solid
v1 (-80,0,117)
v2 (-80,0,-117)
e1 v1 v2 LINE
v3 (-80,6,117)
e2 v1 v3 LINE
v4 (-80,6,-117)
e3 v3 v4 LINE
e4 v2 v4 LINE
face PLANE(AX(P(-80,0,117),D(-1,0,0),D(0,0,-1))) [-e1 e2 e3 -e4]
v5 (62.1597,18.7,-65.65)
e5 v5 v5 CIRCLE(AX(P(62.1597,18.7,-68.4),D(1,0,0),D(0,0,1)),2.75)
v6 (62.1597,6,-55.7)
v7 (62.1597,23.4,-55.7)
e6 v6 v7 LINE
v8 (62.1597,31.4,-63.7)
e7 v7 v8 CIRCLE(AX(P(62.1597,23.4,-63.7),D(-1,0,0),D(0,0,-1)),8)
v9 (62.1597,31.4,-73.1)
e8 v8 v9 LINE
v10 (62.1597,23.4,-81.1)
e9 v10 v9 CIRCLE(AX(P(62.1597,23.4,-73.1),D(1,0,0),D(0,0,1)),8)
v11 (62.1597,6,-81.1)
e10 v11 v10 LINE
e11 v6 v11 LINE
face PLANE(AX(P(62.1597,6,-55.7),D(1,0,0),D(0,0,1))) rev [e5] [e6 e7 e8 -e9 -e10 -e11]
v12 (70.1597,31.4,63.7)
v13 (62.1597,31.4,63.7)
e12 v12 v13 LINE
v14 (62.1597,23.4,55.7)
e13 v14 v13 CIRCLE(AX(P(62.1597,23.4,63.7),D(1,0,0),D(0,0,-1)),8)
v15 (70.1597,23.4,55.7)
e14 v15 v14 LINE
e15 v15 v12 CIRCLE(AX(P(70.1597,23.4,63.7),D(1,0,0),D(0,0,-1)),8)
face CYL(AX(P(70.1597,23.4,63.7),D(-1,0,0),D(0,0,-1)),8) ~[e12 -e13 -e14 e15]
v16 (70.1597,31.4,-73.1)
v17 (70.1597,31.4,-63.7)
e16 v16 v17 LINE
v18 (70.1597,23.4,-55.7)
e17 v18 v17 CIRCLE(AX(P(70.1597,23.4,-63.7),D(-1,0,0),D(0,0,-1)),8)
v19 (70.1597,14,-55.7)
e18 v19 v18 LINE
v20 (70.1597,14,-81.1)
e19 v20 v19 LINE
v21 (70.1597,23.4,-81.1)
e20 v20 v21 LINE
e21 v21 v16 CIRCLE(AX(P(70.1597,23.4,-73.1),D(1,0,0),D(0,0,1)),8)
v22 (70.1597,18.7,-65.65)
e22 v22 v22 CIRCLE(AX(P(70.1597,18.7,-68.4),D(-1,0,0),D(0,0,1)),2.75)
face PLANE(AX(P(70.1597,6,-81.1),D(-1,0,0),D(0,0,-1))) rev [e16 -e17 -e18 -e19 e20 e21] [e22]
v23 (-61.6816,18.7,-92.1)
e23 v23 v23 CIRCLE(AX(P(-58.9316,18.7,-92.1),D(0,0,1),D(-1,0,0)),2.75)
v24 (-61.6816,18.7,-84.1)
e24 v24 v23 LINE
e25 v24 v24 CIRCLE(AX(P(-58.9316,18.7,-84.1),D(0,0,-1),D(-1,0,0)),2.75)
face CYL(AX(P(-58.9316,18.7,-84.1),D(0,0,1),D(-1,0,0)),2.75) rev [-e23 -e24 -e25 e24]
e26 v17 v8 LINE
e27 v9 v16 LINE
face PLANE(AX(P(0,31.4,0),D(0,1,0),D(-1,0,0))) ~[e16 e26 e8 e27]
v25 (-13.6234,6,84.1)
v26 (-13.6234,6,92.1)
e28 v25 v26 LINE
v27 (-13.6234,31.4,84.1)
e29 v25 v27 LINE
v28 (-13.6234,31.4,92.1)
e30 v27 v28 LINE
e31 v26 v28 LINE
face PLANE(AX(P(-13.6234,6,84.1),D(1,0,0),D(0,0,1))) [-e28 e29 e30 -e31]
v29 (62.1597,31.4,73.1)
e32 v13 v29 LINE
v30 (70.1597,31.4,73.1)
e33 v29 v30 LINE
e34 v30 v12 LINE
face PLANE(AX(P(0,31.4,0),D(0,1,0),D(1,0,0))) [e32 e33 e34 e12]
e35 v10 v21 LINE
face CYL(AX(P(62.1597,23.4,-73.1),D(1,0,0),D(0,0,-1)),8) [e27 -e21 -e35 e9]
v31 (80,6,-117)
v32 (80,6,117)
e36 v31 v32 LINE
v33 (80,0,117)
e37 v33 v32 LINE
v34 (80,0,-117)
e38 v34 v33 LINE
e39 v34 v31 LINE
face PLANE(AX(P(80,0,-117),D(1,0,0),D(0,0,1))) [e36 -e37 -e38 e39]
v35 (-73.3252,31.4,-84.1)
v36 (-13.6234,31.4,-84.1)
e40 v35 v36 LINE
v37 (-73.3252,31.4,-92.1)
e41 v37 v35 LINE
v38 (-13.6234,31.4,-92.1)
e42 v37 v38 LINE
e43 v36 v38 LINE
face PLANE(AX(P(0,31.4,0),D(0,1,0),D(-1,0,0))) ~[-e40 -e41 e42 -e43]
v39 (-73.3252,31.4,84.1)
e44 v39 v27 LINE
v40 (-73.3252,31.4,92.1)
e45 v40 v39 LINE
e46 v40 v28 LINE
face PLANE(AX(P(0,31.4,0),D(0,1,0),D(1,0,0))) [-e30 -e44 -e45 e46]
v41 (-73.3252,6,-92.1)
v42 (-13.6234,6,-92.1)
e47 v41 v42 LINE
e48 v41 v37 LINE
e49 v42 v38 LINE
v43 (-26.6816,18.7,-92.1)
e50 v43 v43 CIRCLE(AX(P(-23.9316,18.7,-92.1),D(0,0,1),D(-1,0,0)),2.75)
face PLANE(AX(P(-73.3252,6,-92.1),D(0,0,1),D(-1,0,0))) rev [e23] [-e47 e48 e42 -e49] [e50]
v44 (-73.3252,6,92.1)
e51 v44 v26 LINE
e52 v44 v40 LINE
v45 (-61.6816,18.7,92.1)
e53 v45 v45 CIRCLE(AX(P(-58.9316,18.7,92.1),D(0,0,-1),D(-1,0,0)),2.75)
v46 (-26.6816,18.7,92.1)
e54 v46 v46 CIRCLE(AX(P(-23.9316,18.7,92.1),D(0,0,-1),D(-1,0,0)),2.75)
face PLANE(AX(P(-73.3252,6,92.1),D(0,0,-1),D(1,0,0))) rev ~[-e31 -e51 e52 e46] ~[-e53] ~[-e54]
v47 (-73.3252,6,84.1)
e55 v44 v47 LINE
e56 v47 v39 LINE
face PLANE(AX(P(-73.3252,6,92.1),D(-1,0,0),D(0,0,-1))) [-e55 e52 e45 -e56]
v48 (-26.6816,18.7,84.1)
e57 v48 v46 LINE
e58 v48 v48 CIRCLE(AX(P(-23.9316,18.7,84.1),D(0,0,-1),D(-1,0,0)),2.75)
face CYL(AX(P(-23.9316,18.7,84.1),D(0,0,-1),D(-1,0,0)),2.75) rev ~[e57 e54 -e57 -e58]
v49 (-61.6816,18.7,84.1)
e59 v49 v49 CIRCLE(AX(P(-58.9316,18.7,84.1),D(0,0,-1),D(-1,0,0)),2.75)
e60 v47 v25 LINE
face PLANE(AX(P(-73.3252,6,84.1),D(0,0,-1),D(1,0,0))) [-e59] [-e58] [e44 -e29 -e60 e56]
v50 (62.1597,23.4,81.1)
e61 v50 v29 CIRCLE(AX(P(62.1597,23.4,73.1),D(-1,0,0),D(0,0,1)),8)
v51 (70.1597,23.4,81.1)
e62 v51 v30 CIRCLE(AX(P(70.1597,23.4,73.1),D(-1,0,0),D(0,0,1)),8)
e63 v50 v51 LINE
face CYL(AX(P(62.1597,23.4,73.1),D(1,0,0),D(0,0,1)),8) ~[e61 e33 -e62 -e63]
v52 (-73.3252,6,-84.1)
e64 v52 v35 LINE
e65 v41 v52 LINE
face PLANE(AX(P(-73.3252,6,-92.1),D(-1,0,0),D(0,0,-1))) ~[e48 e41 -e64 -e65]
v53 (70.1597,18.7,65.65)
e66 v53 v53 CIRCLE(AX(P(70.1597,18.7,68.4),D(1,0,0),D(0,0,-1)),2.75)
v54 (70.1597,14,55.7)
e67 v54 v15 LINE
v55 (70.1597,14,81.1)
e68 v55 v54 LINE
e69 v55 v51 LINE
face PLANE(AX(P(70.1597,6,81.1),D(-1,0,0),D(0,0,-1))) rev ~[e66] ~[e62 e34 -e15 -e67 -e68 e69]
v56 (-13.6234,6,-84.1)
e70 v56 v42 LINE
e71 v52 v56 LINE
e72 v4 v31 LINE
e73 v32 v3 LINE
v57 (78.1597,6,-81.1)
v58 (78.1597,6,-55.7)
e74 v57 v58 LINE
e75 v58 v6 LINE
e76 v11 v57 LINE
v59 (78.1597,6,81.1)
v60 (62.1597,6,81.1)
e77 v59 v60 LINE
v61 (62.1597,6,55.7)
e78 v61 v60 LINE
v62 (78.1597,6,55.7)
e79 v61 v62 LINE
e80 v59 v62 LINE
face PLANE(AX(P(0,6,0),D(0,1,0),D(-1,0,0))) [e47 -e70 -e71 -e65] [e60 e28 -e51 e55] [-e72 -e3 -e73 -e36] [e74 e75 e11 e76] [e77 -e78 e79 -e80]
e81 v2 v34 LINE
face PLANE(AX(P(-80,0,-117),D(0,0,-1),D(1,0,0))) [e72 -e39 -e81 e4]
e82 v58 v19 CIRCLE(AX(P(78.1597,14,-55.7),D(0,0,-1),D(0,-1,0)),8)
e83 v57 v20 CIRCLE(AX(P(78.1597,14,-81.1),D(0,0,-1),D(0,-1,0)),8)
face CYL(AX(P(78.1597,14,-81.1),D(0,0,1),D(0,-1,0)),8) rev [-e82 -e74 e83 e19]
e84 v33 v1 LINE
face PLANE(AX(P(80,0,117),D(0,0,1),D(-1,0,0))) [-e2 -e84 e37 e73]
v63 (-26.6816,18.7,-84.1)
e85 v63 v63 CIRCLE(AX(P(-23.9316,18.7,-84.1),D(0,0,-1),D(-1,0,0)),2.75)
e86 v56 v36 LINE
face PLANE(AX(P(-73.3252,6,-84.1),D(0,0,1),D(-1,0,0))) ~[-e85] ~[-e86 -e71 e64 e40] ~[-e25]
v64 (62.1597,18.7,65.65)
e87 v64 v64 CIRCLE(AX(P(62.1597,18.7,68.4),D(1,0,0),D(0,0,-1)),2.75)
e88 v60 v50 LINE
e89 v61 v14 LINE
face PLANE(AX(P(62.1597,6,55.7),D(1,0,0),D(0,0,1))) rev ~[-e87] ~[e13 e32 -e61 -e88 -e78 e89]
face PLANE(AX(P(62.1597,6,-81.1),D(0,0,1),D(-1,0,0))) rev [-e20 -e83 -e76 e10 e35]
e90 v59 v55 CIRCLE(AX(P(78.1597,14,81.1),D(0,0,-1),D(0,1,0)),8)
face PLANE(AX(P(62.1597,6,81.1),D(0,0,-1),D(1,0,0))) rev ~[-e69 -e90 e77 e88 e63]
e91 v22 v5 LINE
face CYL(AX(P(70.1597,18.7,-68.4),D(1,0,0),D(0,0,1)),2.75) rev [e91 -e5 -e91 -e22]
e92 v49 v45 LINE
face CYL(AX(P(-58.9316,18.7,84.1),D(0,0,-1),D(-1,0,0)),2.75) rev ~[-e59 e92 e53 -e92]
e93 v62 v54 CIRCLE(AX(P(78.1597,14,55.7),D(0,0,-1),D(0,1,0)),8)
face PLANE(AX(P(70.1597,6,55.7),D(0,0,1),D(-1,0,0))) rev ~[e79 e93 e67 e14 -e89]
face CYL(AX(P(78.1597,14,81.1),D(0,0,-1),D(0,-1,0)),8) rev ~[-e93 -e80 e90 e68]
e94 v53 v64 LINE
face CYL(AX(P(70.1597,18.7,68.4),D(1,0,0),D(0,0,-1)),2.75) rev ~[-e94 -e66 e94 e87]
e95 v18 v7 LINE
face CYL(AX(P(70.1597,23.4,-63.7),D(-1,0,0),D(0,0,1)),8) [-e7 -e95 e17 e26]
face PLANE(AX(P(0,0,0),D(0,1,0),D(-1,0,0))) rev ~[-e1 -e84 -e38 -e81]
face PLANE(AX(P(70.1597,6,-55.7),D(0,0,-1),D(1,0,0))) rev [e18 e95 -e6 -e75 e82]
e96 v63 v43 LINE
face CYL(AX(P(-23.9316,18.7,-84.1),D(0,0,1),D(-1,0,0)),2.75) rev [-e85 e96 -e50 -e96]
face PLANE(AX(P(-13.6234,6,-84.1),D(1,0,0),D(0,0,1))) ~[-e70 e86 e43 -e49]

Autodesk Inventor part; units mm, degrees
ref_plane "YZ Plane" through (0, 0, 0) normal (1, 0, 0) x (0, 1, 0)
ref_plane "XZ Plane" through (0, 0, 0) normal (0, 1, 0) x (-1, 0, 0)
ref_plane "XY Plane" through (0, 0, 0) normal (0, 0, 1) x (1, 0, 0)
sketch "Sketch1" plane through (0, 0, 0) normal (0, 1, 0) x (-1, 0, 0)
  line L0 (-80, 117) -> (80, 117)
  line L1 (80, 117) -> (80, -117)
  line L2 (80, -117) -> (-80, -117)
  line L3 (-80, -117) -> (-80, 117)
  line L4 (-80, 117) -> (80, -117) construction
  line L5 (80, 117) -> (-80, -117) construction
  point P0 (0, 0)
  dimension "d0" = 160
  dimension "d1" = 234
extrude "Extrusion1" add sketch "Sketch1" along normal blind 6
sketch "Sketch2" plane through (0, 6, 0) normal (0, 1, 0) x (1, 0, 0)
  line L0 (80, 117) -> (-80, 117) projected
  line L1 (-80, 117) -> (-80, -117) projected
  line L2 (-80, -117) -> (80, -117) projected
  line L3 (80, -117) -> (80, 117) projected
  line L4 (76.2612, -82.1) -> (62.1597, -82.1) projected
  line L5 (62.1597, 116.5) -> (62.1597, -117.5) projected
  line L6 (62.1597, -82.1) -> (70.1597, -82.1)
  line L7 (70.1597, -82.1) -> (70.1597, -55.7)
  line L8 (70.1597, -55.7) -> (62.1597, -55.7)
  line L9 (62.1597, -55.7) -> (62.1597, -82.1)
  line L10 (70.1597, -82.1) -> (62.1597, -82.1)
  line L11 (62.1597, -82.1) -> (62.1597, -81.1)
  line L12 (62.1597, -81.1) -> (70.1597, -81.1)
  line L13 (70.1597, -81.1) -> (70.1597, -82.1)
  point P0 (0, 0)
  point P1 (66.1597, -55.7)
  point P2 (66.1597, -82.1)
  point P3 (62.1597, -55.7)
  dimension "d4" = 26.4
  dimension "d5" = 8
  dimension "d8" = 1
extrude "Extrusion2" add sketch "Sketch2" along normal blind 25.4 contours L5 L8 L7 L12
sketch "Sketch3" plane through (70.1597, 6, 81.1) normal (1, 0, 0) x (0, 0, -1)
  line L0 (25.4, 0) -> (0, 0) projected
  line L1 (25.4, 0) -> (25.4, 25.4) projected
  line L2 (0, 25.4) -> (25.4, 25.4) projected
  line L3 (0, 0) -> (0, 25.4) projected
  circle A0 centre (12.7, 12.7) radius 2.75
  point P0 (81.1, -6)
  dimension "d9" = 5.5
extrude "Extrusion3" cut sketch "Sketch3" against normal blind 25.4 contours A0
fillet "Fillet1" radius 8 3 edges at (70.1597, 6, 68.4) (66.1597, 31.4, 55.7) (66.1597, 31.4, 81.1)
sketch "Sketch4" plane through (0, 6, 0) normal (0, 1, 0) x (1, 0, 0)
  line L0 (78.1597, -81.1) -> (62.1597, -81.1) projected
  line L1 (62.1597, -81.1) -> (62.1597, -55.7) projected
  line L2 (62.1597, -55.7) -> (78.1597, -55.7) projected
  line L3 (78.1597, -81.1) -> (78.1597, -55.7) projected
  line L4 (80, 117) -> (-80, 117) projected
  line L5 (-80, 117) -> (-80, -117) projected
  line L6 (-80, -117) -> (80, -117) projected
  line L7 (80, -117) -> (80, 117) projected
  line L8 (-217.2403, -92.1) -> (36.7597, -92.1) projected
  line L9 (-7.3833, -87.6172) -> (32.2769, -47.957) projected
  line L10 (-13.6234, -92.1) -> (-73.3252, -92.1)
  line L11 (-73.3252, -92.1) -> (-73.3252, -84.1)
  line L12 (-73.3252, -84.1) -> (-13.6234, -84.1)
  line L13 (-13.6234, -84.1) -> (-13.6234, -92.1)
  point P0 (0, 0)
  point P1 (-73.3252, -92.1)
  dimension "d14" = 8
extrude "Extrusion4" add sketch "Sketch4" along normal blind 25.4 contours L11 L12 L13 L8
sketch "Sketch5" plane through (-80, 6, 84.1) normal (0, 0, -1) x (-1, 0, 0)
  line L0 (-6.6748, 0) -> (-66.3766, 0) projected
  line L1 (-6.6748, 0) -> (-6.6748, 25.4) projected
  line L2 (-66.3766, 25.4) -> (-6.6748, 25.4) projected
  line L3 (-66.3766, 0) -> (-66.3766, 25.4) projected
  circle A0 centre (-56.0684, 12.7) radius 2.75
  circle A1 centre (-21.0684, 12.7) radius 2.75
  circle A2 centre (13.9316, 12.7) radius 2.75
  point P0 (-80, -6)
  dimension "d17" = 5.5
  dimension "d22" = 35
extrude "Extrusion5" cut sketch "Sketch5" against normal blind 25.4 contours A0 | A1 | A2
mirror "Mirror1" about plane through (0, 0, 0) normal (0, 0, 1) of "Extrusion2", "Extrusion3", "Fillet1", "Extrusion4", "Extrusion5"
sketch "Sketch6" plane through (0, 6, 0) normal (0, 1, 0) x (1, 0, 0)
  line L0 (-13.6234, 84.1) -> (-73.3252, 84.1) projected
  line L1 (-73.3252, 84.1) -> (-73.3252, 92.1) projected
  line L2 (-73.3252, 92.1) -> (-13.6234, 92.1) projected
  line L3 (-13.6234, 92.1) -> (-13.6234, 84.1) projected
  line L4 (78.1597, 55.7) -> (62.1597, 55.7) projected
  line L5 (62.1597, 55.7) -> (62.1597, 81.1) projected
  line L6 (62.1597, 81.1) -> (78.1597, 81.1) projected
  line L7 (78.1597, 55.7) -> (78.1597, 81.1) projected
  line L8 (-73.3252, -84.1) -> (-13.6234, -84.1) projected
  line L9 (-13.6234, -84.1) -> (-13.6234, -92.1) projected
  line L10 (-13.6234, -92.1) -> (-73.3252, -92.1) projected
  line L11 (-73.3252, -92.1) -> (-73.3252, -84.1) projected
  line L12 (78.1597, -81.1) -> (62.1597, -81.1) projected
  line L13 (62.1597, -81.1) -> (62.1597, -55.7) projected
  line L14 (62.1597, -55.7) -> (78.1597, -55.7) projected
  line L15 (78.1597, -81.1) -> (78.1597, -55.7) projected
  line L16 (80, 117) -> (-80, 117) projected
  line L17 (-80, 117) -> (-80, -117) projected
  line L18 (-80, -117) -> (80, -117) projected
  line L19 (80, -117) -> (80, 117) projected
  line L20 (-14.0403, 77.5) -> (-69.0403, 77.5)
  line L21 (-69.0403, 77.5) -> (-69.0403, -77.5)
  line L22 (-69.0403, -77.5) -> (-14.0403, -77.5)
  line L23 (-14.0403, -77.5) -> (-14.0403, 77.5)
  line L24 (-14.0403, 77.5) -> (-69.0403, -77.5) construction
  line L25 (-69.0403, 77.5) -> (-14.0403, -77.5) construction
  line L26 (80, -117) -> (80, 117) projected
  line L27 (80, 0) -> (-80, 0)
  line L28 (-9.0403, -82.5) -> (-74.0403, -82.5)
  line L29 (-74.0403, -82.5) -> (-74.0403, 82.5)
  line L30 (-74.0403, 82.5) -> (-9.0403, 82.5)
  line L31 (-9.0403, 82.5) -> (-9.0403, -82.5)
  point P0 (0, 0)
  point P1 (-41.5403, 0)
  dimension "d27" = 155
  dimension "d28" = 55
  dimension "d29" = 76.2
  dimension "d30" = 5
sketch "Sketch7" plane through (0, 6, 0) normal (0, 1, 0) x (1, 0, 0)
  line L0 (-14.0403, 77.5) -> (-69.0403, 77.5) projected
  line L1 (-69.0403, 77.5) -> (-69.0403, -77.5) projected
  line L2 (-69.0403, -77.5) -> (-14.0403, -77.5) projected
  line L3 (-14.0403, -77.5) -> (-14.0403, 77.5) projected
  point P0 (0, 0)
properties part number "lowerSkidPlate"
